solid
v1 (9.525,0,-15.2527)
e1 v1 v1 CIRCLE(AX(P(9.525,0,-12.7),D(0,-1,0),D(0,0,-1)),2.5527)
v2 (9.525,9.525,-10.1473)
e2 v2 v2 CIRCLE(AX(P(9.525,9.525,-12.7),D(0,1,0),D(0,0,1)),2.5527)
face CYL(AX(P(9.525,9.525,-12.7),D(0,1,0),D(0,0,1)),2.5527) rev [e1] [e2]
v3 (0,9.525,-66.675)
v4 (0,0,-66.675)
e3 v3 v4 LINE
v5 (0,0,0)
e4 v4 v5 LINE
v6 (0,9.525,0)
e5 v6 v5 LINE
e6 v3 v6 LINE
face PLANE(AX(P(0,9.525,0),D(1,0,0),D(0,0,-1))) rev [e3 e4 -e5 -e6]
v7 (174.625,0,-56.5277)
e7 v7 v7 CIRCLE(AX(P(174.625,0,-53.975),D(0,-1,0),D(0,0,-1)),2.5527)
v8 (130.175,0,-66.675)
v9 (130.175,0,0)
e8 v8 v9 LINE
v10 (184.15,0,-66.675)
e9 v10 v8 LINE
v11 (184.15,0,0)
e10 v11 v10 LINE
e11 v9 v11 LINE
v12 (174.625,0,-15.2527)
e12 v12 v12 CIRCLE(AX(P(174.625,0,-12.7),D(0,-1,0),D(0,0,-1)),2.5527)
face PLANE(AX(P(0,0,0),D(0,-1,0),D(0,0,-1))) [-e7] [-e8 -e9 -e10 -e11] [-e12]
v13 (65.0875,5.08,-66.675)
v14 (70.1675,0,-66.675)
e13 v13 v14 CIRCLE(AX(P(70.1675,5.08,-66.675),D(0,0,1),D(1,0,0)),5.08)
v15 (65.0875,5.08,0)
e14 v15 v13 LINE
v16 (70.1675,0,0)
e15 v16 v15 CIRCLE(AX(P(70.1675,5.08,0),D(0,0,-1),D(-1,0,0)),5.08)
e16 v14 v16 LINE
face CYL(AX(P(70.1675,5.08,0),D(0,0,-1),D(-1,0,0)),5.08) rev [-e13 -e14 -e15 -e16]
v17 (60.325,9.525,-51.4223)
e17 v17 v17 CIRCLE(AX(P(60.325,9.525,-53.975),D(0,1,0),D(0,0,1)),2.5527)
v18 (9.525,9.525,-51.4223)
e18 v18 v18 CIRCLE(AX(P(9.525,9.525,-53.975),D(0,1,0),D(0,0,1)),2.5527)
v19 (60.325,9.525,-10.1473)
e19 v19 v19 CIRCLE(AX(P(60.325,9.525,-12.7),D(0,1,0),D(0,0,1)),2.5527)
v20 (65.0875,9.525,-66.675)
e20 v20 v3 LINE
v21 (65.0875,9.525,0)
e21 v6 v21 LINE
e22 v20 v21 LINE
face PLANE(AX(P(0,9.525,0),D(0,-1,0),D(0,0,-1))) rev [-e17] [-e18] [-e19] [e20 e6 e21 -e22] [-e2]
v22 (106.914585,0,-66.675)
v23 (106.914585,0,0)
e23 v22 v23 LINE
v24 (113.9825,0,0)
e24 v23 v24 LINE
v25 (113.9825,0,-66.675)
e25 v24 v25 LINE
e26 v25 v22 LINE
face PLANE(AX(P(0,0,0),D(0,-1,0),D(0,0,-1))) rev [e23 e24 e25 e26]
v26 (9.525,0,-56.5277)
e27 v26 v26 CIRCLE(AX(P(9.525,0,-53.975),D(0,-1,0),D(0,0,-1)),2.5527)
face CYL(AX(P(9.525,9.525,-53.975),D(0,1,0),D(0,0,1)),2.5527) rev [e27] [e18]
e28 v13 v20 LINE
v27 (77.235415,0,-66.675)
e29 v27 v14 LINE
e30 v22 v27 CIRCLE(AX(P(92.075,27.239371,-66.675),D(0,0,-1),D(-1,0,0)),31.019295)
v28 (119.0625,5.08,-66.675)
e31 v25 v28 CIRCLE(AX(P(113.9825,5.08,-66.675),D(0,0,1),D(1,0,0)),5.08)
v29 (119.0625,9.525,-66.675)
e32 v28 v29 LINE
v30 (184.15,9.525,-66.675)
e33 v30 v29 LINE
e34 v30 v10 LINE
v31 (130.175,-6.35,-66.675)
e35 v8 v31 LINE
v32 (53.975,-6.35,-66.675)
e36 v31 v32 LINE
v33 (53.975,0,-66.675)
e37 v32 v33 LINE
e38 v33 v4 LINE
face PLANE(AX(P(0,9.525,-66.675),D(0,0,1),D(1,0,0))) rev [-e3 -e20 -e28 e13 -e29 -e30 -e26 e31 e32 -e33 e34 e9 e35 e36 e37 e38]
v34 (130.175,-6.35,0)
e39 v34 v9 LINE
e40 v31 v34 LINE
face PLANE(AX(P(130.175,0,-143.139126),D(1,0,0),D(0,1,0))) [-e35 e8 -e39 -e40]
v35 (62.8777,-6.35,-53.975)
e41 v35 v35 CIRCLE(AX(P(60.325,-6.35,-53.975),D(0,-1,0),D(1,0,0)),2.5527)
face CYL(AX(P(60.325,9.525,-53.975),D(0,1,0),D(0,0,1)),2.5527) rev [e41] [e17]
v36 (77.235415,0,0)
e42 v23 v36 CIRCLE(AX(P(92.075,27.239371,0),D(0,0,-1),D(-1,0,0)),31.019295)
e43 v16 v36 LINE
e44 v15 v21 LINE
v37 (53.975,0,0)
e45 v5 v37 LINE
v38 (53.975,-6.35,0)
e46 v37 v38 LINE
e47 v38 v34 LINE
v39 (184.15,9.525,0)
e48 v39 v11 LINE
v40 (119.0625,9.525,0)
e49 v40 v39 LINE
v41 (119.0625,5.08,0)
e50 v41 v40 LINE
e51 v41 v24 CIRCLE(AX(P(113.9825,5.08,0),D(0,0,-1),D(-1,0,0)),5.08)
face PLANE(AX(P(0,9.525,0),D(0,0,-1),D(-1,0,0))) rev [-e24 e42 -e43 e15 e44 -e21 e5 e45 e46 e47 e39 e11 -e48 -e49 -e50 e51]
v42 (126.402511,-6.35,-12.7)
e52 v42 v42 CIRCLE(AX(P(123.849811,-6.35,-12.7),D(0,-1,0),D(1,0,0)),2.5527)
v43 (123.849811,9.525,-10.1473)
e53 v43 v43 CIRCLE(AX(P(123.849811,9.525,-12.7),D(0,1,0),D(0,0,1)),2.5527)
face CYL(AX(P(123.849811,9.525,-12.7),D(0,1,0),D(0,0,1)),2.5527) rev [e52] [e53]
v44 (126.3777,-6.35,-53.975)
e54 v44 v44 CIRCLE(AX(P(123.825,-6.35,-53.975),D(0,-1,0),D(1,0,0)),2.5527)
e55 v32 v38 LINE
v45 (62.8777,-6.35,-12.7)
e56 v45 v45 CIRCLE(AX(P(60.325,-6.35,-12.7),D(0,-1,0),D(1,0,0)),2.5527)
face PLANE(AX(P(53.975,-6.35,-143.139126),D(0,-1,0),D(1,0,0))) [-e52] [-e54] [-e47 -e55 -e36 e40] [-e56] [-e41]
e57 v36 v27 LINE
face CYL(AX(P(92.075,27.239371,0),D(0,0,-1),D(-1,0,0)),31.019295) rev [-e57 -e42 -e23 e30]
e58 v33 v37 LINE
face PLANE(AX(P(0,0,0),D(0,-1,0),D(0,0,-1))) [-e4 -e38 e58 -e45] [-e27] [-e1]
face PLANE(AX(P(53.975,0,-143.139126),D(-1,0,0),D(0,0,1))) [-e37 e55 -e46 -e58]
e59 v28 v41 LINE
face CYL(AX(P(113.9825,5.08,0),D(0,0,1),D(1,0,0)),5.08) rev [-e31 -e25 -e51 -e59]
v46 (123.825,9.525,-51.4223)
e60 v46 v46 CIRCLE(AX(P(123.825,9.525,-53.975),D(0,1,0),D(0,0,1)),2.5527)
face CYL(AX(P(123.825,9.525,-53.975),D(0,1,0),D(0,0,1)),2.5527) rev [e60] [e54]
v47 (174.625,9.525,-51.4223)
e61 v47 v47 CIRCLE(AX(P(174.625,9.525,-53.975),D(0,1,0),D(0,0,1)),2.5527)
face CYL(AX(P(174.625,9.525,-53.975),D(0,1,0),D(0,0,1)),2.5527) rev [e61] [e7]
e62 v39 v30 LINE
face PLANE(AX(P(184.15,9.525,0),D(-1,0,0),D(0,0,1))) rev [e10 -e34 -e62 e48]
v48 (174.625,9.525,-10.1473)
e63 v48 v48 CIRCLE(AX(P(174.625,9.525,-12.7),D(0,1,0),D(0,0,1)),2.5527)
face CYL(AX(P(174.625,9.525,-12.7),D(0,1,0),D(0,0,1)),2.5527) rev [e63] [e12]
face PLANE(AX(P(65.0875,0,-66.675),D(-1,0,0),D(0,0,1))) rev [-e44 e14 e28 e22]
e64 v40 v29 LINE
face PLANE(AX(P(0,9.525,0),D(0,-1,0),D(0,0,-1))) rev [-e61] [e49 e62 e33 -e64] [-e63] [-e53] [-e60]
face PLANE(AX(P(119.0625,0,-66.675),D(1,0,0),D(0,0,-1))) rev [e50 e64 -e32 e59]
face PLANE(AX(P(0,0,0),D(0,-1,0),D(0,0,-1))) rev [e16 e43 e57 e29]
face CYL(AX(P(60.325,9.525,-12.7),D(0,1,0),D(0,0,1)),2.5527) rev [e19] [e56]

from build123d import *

# Parameters (mm, degrees)
SKETCH1_W              = 184.15
SKETCH1_H              = 66.675
BOSS_EXTRUDE1_DEPTH    = 9.525
SKETCH4_W              = 76.2
SKETCH4_H              = 6.35
BOSS_EXTRUDE2_DEPTH    = 66.675
SKETCH5_W              = 53.975
SKETCH5_H              = 66.675
CUT_EXTRUDE1_DEPTH     = 9.525
F_10_CLEARANCE_HOLE1_D = 5.1054
SKETCH12_R             = 31.019294643
CUT_EXTRUDE3_DEPTH     = 197.080350239
FILLET8_R              = 5.08
FILLET9_R              = 5.08


with BuildPart() as part:
    # Sketch1 → Boss-Extrude1 (new body)
    with BuildSketch(Plane(origin=(0, 0, 0), x_dir=(1, 0, 0), z_dir=(0, 1, 0))):
        with Locations((92.075, 33.3375)):
            Rectangle(SKETCH1_W, SKETCH1_H)
    extrude(amount=BOSS_EXTRUDE1_DEPTH)

    # Sketch4 → Boss-Extrude2 (add)
    with BuildSketch(Plane.XY):
        with Locations((92.075, -3.175)):
            Rectangle(SKETCH4_W, SKETCH4_H)
    extrude(amount=-BOSS_EXTRUDE2_DEPTH)

    # Sketch5 → Cut-Extrude1 (cut)
    with BuildSketch(Plane(origin=(0, 9.525, 0), x_dir=(1, 0, 0), z_dir=(0, 1, 0))):
        with Locations((92.075, 33.3375)):
            Rectangle(SKETCH5_W, SKETCH5_H)
    extrude(amount=-CUT_EXTRUDE1_DEPTH, mode=Mode.SUBTRACT)

    # #10 Clearance Hole1 (through all)
    with Locations(Plane(origin=(0, 9.525, 0), x_dir=(1, 0, 0), z_dir=(0, 1, 0))):
        with Locations((9.525, 53.975), (9.525, 12.7), (60.325, 12.7), (60.325, 53.975), (123.825, 53.975), (123.849810746, 12.7), (174.625, 12.7), (174.625, 53.975)):
            Hole(F_10_CLEARANCE_HOLE1_D / 2)

    # Sketch12 → Cut-Extrude3 (cut, through all)
    with BuildSketch(Plane(origin=(0, 0, -66.675), x_dir=(-1, 0, 0), z_dir=(0, 0, -1))):
        with Locations((-92.075, 27.239371317)):
            Circle(SKETCH12_R)
    extrude(amount=-CUT_EXTRUDE3_DEPTH, mode=Mode.SUBTRACT)

    # Fillet8
    fillet8_edges = [part.edges().sort_by_distance(p)[0] for p in [
        (65.0875, 0, -33.3375),
    ]]
    fillet(fillet8_edges, radius=FILLET8_R)

    # Fillet9
    fillet9_edges = [part.edges().sort_by_distance(p)[0] for p in [
        (119.0625, 0, -33.3375),
    ]]
    fillet(fillet9_edges, radius=FILLET9_R)


solid = part.part
